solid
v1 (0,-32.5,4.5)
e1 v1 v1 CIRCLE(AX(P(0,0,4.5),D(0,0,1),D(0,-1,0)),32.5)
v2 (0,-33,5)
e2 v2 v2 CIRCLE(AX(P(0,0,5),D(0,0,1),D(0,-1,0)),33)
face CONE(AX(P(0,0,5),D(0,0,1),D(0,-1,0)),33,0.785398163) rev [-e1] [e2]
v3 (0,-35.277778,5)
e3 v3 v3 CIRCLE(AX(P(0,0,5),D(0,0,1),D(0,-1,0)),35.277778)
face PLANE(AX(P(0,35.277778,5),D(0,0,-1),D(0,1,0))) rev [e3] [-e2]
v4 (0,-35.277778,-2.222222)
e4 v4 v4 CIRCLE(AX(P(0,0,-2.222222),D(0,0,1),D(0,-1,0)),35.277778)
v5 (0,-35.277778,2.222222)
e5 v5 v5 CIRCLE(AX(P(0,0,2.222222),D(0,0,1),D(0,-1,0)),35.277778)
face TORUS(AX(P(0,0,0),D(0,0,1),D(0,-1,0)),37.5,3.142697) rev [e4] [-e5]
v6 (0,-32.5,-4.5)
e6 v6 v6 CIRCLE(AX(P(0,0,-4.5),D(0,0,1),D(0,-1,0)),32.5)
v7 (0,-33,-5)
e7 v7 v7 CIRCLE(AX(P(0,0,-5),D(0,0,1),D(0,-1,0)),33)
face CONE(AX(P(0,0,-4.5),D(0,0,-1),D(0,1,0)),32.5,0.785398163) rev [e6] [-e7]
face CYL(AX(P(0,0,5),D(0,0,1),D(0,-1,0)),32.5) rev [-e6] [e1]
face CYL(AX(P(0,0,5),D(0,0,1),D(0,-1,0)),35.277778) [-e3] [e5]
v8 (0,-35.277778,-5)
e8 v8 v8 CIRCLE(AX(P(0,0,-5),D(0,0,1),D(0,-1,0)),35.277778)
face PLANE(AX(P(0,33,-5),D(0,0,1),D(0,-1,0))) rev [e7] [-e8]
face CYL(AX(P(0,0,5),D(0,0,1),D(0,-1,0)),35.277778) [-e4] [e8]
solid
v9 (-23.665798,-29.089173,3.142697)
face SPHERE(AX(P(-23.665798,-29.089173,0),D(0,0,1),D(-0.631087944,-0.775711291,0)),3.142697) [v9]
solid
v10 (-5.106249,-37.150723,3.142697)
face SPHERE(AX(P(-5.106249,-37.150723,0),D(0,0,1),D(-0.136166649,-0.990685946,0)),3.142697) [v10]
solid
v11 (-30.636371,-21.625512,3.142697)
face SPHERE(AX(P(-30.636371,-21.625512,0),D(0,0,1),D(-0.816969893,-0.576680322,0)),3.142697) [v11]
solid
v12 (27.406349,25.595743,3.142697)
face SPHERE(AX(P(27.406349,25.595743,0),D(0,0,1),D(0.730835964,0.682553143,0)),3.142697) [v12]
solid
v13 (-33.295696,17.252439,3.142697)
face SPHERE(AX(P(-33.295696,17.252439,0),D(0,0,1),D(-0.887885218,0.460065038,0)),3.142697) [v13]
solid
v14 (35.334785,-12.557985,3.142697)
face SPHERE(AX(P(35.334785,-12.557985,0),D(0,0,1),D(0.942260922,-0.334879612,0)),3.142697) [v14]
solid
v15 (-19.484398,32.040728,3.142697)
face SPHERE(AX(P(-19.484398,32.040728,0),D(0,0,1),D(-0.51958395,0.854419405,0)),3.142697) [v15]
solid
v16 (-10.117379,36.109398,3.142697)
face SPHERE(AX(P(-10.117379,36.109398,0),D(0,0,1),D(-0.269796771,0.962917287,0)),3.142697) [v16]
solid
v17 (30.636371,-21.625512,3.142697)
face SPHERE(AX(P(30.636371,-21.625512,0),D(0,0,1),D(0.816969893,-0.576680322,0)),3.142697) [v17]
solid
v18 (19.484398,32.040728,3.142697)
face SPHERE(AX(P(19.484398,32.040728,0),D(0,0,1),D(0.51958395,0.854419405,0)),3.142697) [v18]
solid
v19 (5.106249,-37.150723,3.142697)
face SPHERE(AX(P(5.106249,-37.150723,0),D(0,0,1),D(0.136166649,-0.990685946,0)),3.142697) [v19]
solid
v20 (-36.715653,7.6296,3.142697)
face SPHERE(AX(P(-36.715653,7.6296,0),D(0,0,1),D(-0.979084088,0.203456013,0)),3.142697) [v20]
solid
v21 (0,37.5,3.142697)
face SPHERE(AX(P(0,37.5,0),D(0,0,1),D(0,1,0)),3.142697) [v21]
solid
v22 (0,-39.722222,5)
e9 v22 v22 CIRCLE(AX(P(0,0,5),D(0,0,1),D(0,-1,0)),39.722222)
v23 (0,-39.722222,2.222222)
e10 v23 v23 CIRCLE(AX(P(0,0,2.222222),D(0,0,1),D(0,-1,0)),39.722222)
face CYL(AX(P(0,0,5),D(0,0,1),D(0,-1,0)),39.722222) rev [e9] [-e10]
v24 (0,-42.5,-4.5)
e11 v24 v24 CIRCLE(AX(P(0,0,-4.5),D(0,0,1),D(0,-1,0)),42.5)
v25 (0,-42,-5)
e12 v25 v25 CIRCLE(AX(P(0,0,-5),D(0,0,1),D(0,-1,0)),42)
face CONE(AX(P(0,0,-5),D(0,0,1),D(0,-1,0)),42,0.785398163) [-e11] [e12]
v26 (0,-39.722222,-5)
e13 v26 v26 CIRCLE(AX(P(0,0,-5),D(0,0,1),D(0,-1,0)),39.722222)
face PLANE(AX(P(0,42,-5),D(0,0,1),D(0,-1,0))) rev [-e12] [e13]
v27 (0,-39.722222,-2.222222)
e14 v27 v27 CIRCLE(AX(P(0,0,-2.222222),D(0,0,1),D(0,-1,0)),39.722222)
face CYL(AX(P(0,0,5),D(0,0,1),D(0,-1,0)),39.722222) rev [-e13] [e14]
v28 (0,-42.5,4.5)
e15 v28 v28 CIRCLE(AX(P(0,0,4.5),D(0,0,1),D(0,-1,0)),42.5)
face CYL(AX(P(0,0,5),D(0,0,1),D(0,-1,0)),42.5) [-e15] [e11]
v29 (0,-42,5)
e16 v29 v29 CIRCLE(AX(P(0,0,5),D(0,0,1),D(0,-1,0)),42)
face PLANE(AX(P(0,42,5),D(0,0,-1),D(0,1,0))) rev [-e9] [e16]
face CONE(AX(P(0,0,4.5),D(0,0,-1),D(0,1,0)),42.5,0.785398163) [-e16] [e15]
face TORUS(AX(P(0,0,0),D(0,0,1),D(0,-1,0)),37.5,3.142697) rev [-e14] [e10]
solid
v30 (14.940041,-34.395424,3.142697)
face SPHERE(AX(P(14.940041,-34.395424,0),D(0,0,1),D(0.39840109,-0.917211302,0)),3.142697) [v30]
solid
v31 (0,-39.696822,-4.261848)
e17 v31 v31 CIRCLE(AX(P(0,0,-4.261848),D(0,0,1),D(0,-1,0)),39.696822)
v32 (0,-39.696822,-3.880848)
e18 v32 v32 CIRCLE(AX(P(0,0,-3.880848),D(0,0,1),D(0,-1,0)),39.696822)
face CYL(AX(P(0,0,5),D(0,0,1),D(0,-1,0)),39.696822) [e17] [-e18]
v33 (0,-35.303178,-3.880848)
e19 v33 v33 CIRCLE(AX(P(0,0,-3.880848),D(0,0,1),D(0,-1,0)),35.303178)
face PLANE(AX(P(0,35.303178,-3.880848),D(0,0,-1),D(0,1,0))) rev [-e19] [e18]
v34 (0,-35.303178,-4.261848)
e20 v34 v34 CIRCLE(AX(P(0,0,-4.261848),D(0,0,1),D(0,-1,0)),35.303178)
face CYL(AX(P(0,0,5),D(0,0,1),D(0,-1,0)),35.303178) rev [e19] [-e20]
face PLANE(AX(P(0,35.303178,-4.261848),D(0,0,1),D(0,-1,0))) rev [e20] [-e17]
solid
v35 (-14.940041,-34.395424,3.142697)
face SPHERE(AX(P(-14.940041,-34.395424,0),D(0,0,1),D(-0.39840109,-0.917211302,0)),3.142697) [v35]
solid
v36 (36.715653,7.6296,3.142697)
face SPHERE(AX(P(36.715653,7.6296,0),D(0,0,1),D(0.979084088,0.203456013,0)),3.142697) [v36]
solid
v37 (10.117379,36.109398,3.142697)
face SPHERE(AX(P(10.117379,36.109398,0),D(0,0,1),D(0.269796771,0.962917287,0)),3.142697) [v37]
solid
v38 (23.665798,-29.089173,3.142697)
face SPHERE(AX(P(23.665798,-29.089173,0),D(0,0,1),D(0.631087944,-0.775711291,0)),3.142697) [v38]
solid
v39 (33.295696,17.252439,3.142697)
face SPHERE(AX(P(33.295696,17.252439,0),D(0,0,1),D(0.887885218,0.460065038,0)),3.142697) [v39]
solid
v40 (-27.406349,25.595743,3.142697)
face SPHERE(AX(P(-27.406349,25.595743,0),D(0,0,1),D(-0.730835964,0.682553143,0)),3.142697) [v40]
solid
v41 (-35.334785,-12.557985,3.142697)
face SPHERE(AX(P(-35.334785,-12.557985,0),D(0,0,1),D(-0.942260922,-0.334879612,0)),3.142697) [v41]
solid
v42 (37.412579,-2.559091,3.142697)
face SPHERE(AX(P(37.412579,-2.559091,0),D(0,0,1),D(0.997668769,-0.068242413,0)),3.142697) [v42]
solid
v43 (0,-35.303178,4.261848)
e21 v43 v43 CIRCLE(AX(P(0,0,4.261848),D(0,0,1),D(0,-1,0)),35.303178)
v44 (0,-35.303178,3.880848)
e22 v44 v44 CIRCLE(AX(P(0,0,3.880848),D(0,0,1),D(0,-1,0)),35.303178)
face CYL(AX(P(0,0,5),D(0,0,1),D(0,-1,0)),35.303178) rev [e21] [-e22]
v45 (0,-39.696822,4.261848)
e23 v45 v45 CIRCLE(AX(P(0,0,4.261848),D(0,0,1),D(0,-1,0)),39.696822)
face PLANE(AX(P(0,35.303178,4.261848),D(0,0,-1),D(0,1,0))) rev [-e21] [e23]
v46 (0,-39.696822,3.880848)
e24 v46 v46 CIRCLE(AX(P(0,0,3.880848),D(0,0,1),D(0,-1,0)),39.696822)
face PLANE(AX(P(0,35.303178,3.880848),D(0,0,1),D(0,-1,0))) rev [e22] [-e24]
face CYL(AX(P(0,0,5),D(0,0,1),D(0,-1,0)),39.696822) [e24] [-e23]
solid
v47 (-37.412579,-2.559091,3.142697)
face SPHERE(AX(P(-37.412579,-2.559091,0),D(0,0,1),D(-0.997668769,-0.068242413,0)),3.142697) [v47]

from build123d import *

# Parameters (mm, degrees)
SKETCH5_W         = 0.381
SKETCH5_H         = 4.393644444
CIRPATTERN1_COUNT = 23


with BuildPart() as part:
    # Sketch5 → Revolve1 (revolve)
    with BuildSketch(Plane(origin=(0, 0, 0), x_dir=(0, 0, -1), z_dir=(1, 0, 0)), mode=Mode.PRIVATE) as revolve1_sk:
        with BuildLine():
            Line((4.5, 42.5), (-4.5, 42.5))
            Line((-4.5, 42.5), (-5, 42))
            Line((-5, 42), (-5, 39.722222222))
            Line((-5, 39.722222222), (-2.222222222, 39.722222222))
            ThreePointArc((-2.222222222, 39.722222222), (0, 40.642696805), (2.222222222, 39.722222222))
            Line((2.222222222, 39.722222222), (5, 39.722222222))
            Line((5, 39.722222222), (5, 42))
            Line((5, 42), (4.5, 42.5))
        make_face()
        with Locations((4.071348403, 37.5)):
            Rectangle(SKETCH5_W, SKETCH5_H)
        with Locations((-4.071348403, 37.5)):
            Rectangle(SKETCH5_W, SKETCH5_H)
    revolve(revolve1_sk.sketch.rotate(Axis((0, 0, 5), (0, 0, -1)), 180), axis=Axis((0, 0, 5), (0, 0, -1)))


with BuildPart() as body_2:
    # Sketch3 → Revolve3 (revolve)
    with BuildSketch(Plane(origin=(0, 0, 0), x_dir=(0, 0, -1), z_dir=(1, 0, 0)), mode=Mode.PRIVATE) as revolve3_sk:
        with BuildLine():
            Line((-5, 35.277777778), (-2.222222222, 35.277777778))
            ThreePointArc((-2.222222222, 35.277777778), (0, 34.357303195), (2.222222222, 35.277777778))
            Line((2.222222222, 35.277777778), (5, 35.277777778))
            Line((5, 35.277777778), (5, 33))
            Line((5, 33), (4.5, 32.5))
            Line((4.5, 32.5), (-4.5, 32.5))
            Line((-4.5, 32.5), (-5, 33))
            Line((-5, 33), (-5, 35.277777778))
        make_face()
    revolve(revolve3_sk.sketch.rotate(Axis((0, 0, 5), (0, 0, -1)), 180), axis=Axis((0, 0, 5), (0, 0, -1)))


with BuildPart() as body_3:
    # Sketch4 → Revolve4 (revolve)
    with BuildSketch(Plane(origin=(0, 0, 0), x_dir=(0, 0, -1), z_dir=(1, 0, 0))):
        with BuildLine():
            Line((-3.142696805, 37.5), (3.142696805, 37.5))
            ThreePointArc((3.142696805, 37.5), (0, 40.642696805), (-3.142696805, 37.5))
        make_face()
    revolve(axis=Axis((0, 37.5, 3.142696805), (0, 0, -1)))


with BuildPart() as cirpattern1_1:
    # CirPattern1: pattern copy
    add(body_3.part.rotate(Axis((0, 0, 0), (0, 0, 1)), 1 * 360 / CIRPATTERN1_COUNT))


with BuildPart() as cirpattern1_2:
    # CirPattern1: pattern copy
    add(body_3.part.rotate(Axis((0, 0, 0), (0, 0, 1)), 2 * 360 / CIRPATTERN1_COUNT))


with BuildPart() as cirpattern1_3:
    # CirPattern1: pattern copy
    add(body_3.part.rotate(Axis((0, 0, 0), (0, 0, 1)), 3 * 360 / CIRPATTERN1_COUNT))


with BuildPart() as cirpattern1_4:
    # CirPattern1: pattern copy
    add(body_3.part.rotate(Axis((0, 0, 0), (0, 0, 1)), 4 * 360 / CIRPATTERN1_COUNT))


with BuildPart() as cirpattern1_5:
    # CirPattern1: pattern copy
    add(body_3.part.rotate(Axis((0, 0, 0), (0, 0, 1)), 5 * 360 / CIRPATTERN1_COUNT))


with BuildPart() as cirpattern1_6:
    # CirPattern1: pattern copy
    add(body_3.part.rotate(Axis((0, 0, 0), (0, 0, 1)), 6 * 360 / CIRPATTERN1_COUNT))


with BuildPart() as cirpattern1_7:
    # CirPattern1: pattern copy
    add(body_3.part.rotate(Axis((0, 0, 0), (0, 0, 1)), 7 * 360 / CIRPATTERN1_COUNT))


with BuildPart() as cirpattern1_8:
    # CirPattern1: pattern copy
    add(body_3.part.rotate(Axis((0, 0, 0), (0, 0, 1)), 8 * 360 / CIRPATTERN1_COUNT))


with BuildPart() as cirpattern1_9:
    # CirPattern1: pattern copy
    add(body_3.part.rotate(Axis((0, 0, 0), (0, 0, 1)), 9 * 360 / CIRPATTERN1_COUNT))


with BuildPart() as cirpattern1_10:
    # CirPattern1: pattern copy
    add(body_3.part.rotate(Axis((0, 0, 0), (0, 0, 1)), 10 * 360 / CIRPATTERN1_COUNT))


with BuildPart() as cirpattern1_11:
    # CirPattern1: pattern copy
    add(body_3.part.rotate(Axis((0, 0, 0), (0, 0, 1)), 11 * 360 / CIRPATTERN1_COUNT))


with BuildPart() as cirpattern1_12:
    # CirPattern1: pattern copy
    add(body_3.part.rotate(Axis((0, 0, 0), (0, 0, 1)), 12 * 360 / CIRPATTERN1_COUNT))


with BuildPart() as cirpattern1_13:
    # CirPattern1: pattern copy
    add(body_3.part.rotate(Axis((0, 0, 0), (0, 0, 1)), 13 * 360 / CIRPATTERN1_COUNT))


with BuildPart() as cirpattern1_14:
    # CirPattern1: pattern copy
    add(body_3.part.rotate(Axis((0, 0, 0), (0, 0, 1)), 14 * 360 / CIRPATTERN1_COUNT))


with BuildPart() as cirpattern1_15:
    # CirPattern1: pattern copy
    add(body_3.part.rotate(Axis((0, 0, 0), (0, 0, 1)), 15 * 360 / CIRPATTERN1_COUNT))


with BuildPart() as cirpattern1_16:
    # CirPattern1: pattern copy
    add(body_3.part.rotate(Axis((0, 0, 0), (0, 0, 1)), 16 * 360 / CIRPATTERN1_COUNT))


with BuildPart() as cirpattern1_17:
    # CirPattern1: pattern copy
    add(body_3.part.rotate(Axis((0, 0, 0), (0, 0, 1)), 17 * 360 / CIRPATTERN1_COUNT))


with BuildPart() as cirpattern1_18:
    # CirPattern1: pattern copy
    add(body_3.part.rotate(Axis((0, 0, 0), (0, 0, 1)), 18 * 360 / CIRPATTERN1_COUNT))


with BuildPart() as cirpattern1_19:
    # CirPattern1: pattern copy
    add(body_3.part.rotate(Axis((0, 0, 0), (0, 0, 1)), 19 * 360 / CIRPATTERN1_COUNT))


with BuildPart() as cirpattern1_20:
    # CirPattern1: pattern copy
    add(body_3.part.rotate(Axis((0, 0, 0), (0, 0, 1)), 20 * 360 / CIRPATTERN1_COUNT))


with BuildPart() as cirpattern1_21:
    # CirPattern1: pattern copy
    add(body_3.part.rotate(Axis((0, 0, 0), (0, 0, 1)), 21 * 360 / CIRPATTERN1_COUNT))


with BuildPart() as cirpattern1_22:
    # CirPattern1: pattern copy
    add(body_3.part.rotate(Axis((0, 0, 0), (0, 0, 1)), 22 * 360 / CIRPATTERN1_COUNT))


solid = Compound([part.part, body_2.part, body_3.part, cirpattern1_1.part, cirpattern1_2.part, cirpattern1_3.part, cirpattern1_4.part, cirpattern1_5.part, cirpattern1_6.part, cirpattern1_7.part, cirpattern1_8.part, cirpattern1_9.part, cirpattern1_10.part, cirpattern1_11.part, cirpattern1_12.part, cirpattern1_13.part, cirpattern1_14.part, cirpattern1_15.part, cirpattern1_16.part, cirpattern1_17.part, cirpattern1_18.part, cirpattern1_19.part, cirpattern1_20.part, cirpattern1_21.part, cirpattern1_22.part])
